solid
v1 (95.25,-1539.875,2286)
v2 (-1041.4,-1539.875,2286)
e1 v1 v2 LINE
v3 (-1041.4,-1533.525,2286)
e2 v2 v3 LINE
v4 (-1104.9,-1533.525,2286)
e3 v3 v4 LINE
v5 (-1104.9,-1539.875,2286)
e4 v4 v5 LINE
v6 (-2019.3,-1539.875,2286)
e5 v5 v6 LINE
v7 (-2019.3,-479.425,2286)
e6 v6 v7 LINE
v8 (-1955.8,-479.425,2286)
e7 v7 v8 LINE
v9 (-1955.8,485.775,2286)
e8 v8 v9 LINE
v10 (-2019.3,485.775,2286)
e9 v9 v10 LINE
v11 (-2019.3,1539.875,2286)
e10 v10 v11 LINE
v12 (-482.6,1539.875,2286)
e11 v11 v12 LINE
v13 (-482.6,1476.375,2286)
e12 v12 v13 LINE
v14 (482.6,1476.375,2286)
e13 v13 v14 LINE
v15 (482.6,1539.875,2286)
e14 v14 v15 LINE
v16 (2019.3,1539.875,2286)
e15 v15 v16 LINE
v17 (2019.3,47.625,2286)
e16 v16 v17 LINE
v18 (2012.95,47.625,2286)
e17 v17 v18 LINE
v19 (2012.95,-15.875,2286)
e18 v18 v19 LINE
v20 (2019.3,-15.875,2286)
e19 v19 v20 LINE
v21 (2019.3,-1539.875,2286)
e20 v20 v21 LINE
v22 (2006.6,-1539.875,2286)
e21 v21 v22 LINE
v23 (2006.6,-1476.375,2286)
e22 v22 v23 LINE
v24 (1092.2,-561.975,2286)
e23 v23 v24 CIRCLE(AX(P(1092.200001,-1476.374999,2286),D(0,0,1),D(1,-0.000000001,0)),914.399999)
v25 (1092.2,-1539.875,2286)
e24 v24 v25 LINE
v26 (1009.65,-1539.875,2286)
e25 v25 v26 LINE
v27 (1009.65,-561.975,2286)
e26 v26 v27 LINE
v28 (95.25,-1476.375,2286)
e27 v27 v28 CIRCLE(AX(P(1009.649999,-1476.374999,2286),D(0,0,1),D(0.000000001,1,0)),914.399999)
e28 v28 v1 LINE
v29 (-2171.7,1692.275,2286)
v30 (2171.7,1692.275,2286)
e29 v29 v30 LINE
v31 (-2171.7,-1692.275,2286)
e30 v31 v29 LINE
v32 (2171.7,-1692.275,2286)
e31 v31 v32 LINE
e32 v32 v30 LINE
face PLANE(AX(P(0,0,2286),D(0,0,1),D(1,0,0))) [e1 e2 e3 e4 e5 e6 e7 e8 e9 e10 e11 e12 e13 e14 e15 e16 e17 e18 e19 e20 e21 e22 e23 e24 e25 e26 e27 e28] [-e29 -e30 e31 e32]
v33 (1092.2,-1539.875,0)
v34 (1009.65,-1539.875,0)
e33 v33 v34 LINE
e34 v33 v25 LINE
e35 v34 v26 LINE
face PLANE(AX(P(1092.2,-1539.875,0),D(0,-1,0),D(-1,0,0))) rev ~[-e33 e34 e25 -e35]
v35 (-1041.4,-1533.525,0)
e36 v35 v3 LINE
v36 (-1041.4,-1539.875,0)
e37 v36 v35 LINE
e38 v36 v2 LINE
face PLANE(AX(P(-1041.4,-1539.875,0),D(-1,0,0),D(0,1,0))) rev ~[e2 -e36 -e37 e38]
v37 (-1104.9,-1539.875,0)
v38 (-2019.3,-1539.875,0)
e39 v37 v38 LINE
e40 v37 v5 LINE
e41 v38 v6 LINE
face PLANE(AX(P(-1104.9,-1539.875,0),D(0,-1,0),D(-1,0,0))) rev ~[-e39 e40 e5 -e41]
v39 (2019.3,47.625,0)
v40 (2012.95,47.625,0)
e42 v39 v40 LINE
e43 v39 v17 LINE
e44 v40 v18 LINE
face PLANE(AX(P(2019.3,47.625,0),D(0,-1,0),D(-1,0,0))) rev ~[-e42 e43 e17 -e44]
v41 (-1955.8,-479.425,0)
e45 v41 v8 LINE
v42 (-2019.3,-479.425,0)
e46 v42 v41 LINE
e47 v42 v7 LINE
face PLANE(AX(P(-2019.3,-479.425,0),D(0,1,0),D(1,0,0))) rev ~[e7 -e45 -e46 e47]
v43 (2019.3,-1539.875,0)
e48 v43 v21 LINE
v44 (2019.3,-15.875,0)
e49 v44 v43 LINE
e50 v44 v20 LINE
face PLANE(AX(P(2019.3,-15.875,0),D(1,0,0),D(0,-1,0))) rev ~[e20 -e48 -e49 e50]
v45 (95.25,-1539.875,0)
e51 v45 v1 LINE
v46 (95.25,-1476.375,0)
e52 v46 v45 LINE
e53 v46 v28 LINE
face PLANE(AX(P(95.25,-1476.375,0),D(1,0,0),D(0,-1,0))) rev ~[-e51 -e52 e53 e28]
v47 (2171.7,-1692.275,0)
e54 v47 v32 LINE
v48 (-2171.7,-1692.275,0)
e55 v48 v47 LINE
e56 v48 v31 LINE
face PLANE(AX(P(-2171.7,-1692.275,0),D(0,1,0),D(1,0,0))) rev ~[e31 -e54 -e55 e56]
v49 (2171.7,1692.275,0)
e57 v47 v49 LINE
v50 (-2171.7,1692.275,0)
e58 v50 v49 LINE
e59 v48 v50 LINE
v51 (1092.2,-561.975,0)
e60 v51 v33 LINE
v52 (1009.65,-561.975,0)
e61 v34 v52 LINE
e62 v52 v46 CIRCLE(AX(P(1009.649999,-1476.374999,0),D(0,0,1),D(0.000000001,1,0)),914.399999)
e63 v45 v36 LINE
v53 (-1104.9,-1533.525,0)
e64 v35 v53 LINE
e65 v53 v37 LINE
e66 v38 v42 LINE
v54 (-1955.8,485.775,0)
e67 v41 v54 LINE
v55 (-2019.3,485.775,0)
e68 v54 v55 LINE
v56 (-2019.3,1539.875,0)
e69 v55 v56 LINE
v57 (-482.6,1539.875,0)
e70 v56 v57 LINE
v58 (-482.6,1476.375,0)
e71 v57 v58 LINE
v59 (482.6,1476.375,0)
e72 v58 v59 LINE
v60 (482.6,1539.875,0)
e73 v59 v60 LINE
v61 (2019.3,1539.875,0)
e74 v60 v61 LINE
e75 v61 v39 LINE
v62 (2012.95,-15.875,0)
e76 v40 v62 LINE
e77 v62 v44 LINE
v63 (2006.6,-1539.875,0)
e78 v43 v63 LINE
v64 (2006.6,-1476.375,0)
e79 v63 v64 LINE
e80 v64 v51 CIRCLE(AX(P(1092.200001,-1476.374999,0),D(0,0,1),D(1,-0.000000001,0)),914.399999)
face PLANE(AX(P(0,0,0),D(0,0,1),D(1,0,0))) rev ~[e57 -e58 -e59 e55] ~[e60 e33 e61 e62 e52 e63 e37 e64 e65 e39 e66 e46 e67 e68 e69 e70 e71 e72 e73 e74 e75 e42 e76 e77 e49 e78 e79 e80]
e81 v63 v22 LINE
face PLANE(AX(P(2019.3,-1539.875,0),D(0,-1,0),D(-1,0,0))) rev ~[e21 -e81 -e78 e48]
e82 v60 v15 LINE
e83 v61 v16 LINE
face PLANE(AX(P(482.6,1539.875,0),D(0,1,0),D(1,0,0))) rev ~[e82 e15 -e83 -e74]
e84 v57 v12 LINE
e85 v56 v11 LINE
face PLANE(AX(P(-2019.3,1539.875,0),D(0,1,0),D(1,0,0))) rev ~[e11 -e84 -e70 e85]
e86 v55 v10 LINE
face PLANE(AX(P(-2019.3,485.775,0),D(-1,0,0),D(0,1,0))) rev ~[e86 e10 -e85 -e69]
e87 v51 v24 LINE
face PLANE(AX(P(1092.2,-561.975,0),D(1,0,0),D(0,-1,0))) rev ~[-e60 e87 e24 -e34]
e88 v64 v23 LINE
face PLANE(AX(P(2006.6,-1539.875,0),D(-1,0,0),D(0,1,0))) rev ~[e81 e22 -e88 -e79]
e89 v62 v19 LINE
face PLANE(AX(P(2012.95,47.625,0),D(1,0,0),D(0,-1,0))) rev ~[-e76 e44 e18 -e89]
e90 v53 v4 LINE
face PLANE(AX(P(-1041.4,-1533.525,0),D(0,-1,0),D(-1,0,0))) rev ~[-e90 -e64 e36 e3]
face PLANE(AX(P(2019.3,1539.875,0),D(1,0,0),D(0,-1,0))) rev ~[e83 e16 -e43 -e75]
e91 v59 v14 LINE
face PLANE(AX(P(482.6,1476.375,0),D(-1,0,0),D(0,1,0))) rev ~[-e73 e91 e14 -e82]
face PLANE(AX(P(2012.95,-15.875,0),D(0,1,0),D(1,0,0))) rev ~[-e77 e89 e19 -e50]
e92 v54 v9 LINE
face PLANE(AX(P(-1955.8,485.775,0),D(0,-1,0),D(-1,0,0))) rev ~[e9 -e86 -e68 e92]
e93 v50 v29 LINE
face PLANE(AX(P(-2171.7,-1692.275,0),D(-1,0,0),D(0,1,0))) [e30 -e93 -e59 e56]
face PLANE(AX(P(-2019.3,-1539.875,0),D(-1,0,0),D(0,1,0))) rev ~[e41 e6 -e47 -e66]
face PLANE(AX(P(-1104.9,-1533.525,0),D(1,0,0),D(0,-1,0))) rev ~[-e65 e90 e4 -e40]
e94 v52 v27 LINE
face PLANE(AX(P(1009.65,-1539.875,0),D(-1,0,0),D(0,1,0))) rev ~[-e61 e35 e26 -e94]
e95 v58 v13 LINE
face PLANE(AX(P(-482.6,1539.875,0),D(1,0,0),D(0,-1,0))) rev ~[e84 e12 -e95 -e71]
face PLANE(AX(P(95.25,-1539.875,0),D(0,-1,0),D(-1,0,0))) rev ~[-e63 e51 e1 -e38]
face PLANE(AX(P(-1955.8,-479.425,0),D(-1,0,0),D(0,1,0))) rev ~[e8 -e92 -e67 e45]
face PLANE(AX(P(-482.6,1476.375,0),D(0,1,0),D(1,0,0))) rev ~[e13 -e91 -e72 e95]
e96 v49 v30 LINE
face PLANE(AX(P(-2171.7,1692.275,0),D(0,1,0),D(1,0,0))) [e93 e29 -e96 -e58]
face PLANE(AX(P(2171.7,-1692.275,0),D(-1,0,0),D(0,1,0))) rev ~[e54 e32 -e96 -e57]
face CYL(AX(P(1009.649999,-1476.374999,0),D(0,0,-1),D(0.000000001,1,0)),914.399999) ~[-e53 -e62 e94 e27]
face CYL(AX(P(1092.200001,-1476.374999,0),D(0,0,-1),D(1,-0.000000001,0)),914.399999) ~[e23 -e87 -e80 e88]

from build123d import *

# Parameters (mm, degrees)
F0_W     = 4343.4
F0_H     = 3384.55
F1_DEPTH = 2286


with BuildPart() as f1:
    # F0 (on Top) → F1 (new body)
    with BuildSketch(Plane.XY):
        Rectangle(F0_W, F0_H)
        with BuildLine():
            Line((-2019.3, 485.775), (-2019.3, 1539.875))
            Line((-2019.3, 1539.875), (-482.6, 1539.875))
            Line((-482.6, 1539.875), (-482.6, 1476.375))
            Line((-482.6, 1476.375), (482.6, 1476.375))
            Line((482.6, 1476.375), (482.6, 1539.875))
            Line((482.6, 1539.875), (2019.3, 1539.875))
            Line((2019.3, 1539.875), (2019.3, 47.625))
            Line((2019.3, 47.625), (2012.95, 47.625))
            Line((2012.95, 47.625), (2012.95, -15.875))
            Line((2012.95, -15.875), (2019.3, -15.875))
            Line((2019.3, -15.875), (2019.3, -1539.875))
            Line((2019.3, -1539.875), (2006.6, -1539.875))
            Line((2006.6, -1539.875), (2006.6, -1476.375))
            ThreePointArc((2006.6, -1476.375), (1738.778441, -829.796559), (1092.2, -561.975))
            Line((1092.2, -561.975), (1092.2, -1476.375))
            Line((1092.2, -1476.375), (1092.2, -1539.875))
            Line((1092.2, -1539.875), (1009.65, -1539.875))
            Line((1009.65, -1539.875), (1009.65, -1476.375))
            Line((1009.65, -1476.375), (1009.65, -561.975))
            ThreePointArc((1009.65, -561.975), (363.071559, -829.796559), (95.25, -1476.375))
            Line((95.25, -1476.375), (95.25, -1539.875))
            Line((95.25, -1539.875), (-1041.4, -1539.875))
            Line((-1041.4, -1539.875), (-1041.4, -1533.525))
            Line((-1041.4, -1533.525), (-1104.9, -1533.525))
            Line((-1104.9, -1533.525), (-1104.9, -1539.875))
            Line((-1104.9, -1539.875), (-2019.3, -1539.875))
            Line((-2019.3, -1539.875), (-2019.3, -479.425))
            Line((-2019.3, -479.425), (-1955.8, -479.425))
            Line((-1955.8, -479.425), (-1955.8, 485.775))
            Line((-1955.8, 485.775), (-2019.3, 485.775))
        make_face(mode=Mode.SUBTRACT)
    extrude(amount=F1_DEPTH)


solid = f1.part
